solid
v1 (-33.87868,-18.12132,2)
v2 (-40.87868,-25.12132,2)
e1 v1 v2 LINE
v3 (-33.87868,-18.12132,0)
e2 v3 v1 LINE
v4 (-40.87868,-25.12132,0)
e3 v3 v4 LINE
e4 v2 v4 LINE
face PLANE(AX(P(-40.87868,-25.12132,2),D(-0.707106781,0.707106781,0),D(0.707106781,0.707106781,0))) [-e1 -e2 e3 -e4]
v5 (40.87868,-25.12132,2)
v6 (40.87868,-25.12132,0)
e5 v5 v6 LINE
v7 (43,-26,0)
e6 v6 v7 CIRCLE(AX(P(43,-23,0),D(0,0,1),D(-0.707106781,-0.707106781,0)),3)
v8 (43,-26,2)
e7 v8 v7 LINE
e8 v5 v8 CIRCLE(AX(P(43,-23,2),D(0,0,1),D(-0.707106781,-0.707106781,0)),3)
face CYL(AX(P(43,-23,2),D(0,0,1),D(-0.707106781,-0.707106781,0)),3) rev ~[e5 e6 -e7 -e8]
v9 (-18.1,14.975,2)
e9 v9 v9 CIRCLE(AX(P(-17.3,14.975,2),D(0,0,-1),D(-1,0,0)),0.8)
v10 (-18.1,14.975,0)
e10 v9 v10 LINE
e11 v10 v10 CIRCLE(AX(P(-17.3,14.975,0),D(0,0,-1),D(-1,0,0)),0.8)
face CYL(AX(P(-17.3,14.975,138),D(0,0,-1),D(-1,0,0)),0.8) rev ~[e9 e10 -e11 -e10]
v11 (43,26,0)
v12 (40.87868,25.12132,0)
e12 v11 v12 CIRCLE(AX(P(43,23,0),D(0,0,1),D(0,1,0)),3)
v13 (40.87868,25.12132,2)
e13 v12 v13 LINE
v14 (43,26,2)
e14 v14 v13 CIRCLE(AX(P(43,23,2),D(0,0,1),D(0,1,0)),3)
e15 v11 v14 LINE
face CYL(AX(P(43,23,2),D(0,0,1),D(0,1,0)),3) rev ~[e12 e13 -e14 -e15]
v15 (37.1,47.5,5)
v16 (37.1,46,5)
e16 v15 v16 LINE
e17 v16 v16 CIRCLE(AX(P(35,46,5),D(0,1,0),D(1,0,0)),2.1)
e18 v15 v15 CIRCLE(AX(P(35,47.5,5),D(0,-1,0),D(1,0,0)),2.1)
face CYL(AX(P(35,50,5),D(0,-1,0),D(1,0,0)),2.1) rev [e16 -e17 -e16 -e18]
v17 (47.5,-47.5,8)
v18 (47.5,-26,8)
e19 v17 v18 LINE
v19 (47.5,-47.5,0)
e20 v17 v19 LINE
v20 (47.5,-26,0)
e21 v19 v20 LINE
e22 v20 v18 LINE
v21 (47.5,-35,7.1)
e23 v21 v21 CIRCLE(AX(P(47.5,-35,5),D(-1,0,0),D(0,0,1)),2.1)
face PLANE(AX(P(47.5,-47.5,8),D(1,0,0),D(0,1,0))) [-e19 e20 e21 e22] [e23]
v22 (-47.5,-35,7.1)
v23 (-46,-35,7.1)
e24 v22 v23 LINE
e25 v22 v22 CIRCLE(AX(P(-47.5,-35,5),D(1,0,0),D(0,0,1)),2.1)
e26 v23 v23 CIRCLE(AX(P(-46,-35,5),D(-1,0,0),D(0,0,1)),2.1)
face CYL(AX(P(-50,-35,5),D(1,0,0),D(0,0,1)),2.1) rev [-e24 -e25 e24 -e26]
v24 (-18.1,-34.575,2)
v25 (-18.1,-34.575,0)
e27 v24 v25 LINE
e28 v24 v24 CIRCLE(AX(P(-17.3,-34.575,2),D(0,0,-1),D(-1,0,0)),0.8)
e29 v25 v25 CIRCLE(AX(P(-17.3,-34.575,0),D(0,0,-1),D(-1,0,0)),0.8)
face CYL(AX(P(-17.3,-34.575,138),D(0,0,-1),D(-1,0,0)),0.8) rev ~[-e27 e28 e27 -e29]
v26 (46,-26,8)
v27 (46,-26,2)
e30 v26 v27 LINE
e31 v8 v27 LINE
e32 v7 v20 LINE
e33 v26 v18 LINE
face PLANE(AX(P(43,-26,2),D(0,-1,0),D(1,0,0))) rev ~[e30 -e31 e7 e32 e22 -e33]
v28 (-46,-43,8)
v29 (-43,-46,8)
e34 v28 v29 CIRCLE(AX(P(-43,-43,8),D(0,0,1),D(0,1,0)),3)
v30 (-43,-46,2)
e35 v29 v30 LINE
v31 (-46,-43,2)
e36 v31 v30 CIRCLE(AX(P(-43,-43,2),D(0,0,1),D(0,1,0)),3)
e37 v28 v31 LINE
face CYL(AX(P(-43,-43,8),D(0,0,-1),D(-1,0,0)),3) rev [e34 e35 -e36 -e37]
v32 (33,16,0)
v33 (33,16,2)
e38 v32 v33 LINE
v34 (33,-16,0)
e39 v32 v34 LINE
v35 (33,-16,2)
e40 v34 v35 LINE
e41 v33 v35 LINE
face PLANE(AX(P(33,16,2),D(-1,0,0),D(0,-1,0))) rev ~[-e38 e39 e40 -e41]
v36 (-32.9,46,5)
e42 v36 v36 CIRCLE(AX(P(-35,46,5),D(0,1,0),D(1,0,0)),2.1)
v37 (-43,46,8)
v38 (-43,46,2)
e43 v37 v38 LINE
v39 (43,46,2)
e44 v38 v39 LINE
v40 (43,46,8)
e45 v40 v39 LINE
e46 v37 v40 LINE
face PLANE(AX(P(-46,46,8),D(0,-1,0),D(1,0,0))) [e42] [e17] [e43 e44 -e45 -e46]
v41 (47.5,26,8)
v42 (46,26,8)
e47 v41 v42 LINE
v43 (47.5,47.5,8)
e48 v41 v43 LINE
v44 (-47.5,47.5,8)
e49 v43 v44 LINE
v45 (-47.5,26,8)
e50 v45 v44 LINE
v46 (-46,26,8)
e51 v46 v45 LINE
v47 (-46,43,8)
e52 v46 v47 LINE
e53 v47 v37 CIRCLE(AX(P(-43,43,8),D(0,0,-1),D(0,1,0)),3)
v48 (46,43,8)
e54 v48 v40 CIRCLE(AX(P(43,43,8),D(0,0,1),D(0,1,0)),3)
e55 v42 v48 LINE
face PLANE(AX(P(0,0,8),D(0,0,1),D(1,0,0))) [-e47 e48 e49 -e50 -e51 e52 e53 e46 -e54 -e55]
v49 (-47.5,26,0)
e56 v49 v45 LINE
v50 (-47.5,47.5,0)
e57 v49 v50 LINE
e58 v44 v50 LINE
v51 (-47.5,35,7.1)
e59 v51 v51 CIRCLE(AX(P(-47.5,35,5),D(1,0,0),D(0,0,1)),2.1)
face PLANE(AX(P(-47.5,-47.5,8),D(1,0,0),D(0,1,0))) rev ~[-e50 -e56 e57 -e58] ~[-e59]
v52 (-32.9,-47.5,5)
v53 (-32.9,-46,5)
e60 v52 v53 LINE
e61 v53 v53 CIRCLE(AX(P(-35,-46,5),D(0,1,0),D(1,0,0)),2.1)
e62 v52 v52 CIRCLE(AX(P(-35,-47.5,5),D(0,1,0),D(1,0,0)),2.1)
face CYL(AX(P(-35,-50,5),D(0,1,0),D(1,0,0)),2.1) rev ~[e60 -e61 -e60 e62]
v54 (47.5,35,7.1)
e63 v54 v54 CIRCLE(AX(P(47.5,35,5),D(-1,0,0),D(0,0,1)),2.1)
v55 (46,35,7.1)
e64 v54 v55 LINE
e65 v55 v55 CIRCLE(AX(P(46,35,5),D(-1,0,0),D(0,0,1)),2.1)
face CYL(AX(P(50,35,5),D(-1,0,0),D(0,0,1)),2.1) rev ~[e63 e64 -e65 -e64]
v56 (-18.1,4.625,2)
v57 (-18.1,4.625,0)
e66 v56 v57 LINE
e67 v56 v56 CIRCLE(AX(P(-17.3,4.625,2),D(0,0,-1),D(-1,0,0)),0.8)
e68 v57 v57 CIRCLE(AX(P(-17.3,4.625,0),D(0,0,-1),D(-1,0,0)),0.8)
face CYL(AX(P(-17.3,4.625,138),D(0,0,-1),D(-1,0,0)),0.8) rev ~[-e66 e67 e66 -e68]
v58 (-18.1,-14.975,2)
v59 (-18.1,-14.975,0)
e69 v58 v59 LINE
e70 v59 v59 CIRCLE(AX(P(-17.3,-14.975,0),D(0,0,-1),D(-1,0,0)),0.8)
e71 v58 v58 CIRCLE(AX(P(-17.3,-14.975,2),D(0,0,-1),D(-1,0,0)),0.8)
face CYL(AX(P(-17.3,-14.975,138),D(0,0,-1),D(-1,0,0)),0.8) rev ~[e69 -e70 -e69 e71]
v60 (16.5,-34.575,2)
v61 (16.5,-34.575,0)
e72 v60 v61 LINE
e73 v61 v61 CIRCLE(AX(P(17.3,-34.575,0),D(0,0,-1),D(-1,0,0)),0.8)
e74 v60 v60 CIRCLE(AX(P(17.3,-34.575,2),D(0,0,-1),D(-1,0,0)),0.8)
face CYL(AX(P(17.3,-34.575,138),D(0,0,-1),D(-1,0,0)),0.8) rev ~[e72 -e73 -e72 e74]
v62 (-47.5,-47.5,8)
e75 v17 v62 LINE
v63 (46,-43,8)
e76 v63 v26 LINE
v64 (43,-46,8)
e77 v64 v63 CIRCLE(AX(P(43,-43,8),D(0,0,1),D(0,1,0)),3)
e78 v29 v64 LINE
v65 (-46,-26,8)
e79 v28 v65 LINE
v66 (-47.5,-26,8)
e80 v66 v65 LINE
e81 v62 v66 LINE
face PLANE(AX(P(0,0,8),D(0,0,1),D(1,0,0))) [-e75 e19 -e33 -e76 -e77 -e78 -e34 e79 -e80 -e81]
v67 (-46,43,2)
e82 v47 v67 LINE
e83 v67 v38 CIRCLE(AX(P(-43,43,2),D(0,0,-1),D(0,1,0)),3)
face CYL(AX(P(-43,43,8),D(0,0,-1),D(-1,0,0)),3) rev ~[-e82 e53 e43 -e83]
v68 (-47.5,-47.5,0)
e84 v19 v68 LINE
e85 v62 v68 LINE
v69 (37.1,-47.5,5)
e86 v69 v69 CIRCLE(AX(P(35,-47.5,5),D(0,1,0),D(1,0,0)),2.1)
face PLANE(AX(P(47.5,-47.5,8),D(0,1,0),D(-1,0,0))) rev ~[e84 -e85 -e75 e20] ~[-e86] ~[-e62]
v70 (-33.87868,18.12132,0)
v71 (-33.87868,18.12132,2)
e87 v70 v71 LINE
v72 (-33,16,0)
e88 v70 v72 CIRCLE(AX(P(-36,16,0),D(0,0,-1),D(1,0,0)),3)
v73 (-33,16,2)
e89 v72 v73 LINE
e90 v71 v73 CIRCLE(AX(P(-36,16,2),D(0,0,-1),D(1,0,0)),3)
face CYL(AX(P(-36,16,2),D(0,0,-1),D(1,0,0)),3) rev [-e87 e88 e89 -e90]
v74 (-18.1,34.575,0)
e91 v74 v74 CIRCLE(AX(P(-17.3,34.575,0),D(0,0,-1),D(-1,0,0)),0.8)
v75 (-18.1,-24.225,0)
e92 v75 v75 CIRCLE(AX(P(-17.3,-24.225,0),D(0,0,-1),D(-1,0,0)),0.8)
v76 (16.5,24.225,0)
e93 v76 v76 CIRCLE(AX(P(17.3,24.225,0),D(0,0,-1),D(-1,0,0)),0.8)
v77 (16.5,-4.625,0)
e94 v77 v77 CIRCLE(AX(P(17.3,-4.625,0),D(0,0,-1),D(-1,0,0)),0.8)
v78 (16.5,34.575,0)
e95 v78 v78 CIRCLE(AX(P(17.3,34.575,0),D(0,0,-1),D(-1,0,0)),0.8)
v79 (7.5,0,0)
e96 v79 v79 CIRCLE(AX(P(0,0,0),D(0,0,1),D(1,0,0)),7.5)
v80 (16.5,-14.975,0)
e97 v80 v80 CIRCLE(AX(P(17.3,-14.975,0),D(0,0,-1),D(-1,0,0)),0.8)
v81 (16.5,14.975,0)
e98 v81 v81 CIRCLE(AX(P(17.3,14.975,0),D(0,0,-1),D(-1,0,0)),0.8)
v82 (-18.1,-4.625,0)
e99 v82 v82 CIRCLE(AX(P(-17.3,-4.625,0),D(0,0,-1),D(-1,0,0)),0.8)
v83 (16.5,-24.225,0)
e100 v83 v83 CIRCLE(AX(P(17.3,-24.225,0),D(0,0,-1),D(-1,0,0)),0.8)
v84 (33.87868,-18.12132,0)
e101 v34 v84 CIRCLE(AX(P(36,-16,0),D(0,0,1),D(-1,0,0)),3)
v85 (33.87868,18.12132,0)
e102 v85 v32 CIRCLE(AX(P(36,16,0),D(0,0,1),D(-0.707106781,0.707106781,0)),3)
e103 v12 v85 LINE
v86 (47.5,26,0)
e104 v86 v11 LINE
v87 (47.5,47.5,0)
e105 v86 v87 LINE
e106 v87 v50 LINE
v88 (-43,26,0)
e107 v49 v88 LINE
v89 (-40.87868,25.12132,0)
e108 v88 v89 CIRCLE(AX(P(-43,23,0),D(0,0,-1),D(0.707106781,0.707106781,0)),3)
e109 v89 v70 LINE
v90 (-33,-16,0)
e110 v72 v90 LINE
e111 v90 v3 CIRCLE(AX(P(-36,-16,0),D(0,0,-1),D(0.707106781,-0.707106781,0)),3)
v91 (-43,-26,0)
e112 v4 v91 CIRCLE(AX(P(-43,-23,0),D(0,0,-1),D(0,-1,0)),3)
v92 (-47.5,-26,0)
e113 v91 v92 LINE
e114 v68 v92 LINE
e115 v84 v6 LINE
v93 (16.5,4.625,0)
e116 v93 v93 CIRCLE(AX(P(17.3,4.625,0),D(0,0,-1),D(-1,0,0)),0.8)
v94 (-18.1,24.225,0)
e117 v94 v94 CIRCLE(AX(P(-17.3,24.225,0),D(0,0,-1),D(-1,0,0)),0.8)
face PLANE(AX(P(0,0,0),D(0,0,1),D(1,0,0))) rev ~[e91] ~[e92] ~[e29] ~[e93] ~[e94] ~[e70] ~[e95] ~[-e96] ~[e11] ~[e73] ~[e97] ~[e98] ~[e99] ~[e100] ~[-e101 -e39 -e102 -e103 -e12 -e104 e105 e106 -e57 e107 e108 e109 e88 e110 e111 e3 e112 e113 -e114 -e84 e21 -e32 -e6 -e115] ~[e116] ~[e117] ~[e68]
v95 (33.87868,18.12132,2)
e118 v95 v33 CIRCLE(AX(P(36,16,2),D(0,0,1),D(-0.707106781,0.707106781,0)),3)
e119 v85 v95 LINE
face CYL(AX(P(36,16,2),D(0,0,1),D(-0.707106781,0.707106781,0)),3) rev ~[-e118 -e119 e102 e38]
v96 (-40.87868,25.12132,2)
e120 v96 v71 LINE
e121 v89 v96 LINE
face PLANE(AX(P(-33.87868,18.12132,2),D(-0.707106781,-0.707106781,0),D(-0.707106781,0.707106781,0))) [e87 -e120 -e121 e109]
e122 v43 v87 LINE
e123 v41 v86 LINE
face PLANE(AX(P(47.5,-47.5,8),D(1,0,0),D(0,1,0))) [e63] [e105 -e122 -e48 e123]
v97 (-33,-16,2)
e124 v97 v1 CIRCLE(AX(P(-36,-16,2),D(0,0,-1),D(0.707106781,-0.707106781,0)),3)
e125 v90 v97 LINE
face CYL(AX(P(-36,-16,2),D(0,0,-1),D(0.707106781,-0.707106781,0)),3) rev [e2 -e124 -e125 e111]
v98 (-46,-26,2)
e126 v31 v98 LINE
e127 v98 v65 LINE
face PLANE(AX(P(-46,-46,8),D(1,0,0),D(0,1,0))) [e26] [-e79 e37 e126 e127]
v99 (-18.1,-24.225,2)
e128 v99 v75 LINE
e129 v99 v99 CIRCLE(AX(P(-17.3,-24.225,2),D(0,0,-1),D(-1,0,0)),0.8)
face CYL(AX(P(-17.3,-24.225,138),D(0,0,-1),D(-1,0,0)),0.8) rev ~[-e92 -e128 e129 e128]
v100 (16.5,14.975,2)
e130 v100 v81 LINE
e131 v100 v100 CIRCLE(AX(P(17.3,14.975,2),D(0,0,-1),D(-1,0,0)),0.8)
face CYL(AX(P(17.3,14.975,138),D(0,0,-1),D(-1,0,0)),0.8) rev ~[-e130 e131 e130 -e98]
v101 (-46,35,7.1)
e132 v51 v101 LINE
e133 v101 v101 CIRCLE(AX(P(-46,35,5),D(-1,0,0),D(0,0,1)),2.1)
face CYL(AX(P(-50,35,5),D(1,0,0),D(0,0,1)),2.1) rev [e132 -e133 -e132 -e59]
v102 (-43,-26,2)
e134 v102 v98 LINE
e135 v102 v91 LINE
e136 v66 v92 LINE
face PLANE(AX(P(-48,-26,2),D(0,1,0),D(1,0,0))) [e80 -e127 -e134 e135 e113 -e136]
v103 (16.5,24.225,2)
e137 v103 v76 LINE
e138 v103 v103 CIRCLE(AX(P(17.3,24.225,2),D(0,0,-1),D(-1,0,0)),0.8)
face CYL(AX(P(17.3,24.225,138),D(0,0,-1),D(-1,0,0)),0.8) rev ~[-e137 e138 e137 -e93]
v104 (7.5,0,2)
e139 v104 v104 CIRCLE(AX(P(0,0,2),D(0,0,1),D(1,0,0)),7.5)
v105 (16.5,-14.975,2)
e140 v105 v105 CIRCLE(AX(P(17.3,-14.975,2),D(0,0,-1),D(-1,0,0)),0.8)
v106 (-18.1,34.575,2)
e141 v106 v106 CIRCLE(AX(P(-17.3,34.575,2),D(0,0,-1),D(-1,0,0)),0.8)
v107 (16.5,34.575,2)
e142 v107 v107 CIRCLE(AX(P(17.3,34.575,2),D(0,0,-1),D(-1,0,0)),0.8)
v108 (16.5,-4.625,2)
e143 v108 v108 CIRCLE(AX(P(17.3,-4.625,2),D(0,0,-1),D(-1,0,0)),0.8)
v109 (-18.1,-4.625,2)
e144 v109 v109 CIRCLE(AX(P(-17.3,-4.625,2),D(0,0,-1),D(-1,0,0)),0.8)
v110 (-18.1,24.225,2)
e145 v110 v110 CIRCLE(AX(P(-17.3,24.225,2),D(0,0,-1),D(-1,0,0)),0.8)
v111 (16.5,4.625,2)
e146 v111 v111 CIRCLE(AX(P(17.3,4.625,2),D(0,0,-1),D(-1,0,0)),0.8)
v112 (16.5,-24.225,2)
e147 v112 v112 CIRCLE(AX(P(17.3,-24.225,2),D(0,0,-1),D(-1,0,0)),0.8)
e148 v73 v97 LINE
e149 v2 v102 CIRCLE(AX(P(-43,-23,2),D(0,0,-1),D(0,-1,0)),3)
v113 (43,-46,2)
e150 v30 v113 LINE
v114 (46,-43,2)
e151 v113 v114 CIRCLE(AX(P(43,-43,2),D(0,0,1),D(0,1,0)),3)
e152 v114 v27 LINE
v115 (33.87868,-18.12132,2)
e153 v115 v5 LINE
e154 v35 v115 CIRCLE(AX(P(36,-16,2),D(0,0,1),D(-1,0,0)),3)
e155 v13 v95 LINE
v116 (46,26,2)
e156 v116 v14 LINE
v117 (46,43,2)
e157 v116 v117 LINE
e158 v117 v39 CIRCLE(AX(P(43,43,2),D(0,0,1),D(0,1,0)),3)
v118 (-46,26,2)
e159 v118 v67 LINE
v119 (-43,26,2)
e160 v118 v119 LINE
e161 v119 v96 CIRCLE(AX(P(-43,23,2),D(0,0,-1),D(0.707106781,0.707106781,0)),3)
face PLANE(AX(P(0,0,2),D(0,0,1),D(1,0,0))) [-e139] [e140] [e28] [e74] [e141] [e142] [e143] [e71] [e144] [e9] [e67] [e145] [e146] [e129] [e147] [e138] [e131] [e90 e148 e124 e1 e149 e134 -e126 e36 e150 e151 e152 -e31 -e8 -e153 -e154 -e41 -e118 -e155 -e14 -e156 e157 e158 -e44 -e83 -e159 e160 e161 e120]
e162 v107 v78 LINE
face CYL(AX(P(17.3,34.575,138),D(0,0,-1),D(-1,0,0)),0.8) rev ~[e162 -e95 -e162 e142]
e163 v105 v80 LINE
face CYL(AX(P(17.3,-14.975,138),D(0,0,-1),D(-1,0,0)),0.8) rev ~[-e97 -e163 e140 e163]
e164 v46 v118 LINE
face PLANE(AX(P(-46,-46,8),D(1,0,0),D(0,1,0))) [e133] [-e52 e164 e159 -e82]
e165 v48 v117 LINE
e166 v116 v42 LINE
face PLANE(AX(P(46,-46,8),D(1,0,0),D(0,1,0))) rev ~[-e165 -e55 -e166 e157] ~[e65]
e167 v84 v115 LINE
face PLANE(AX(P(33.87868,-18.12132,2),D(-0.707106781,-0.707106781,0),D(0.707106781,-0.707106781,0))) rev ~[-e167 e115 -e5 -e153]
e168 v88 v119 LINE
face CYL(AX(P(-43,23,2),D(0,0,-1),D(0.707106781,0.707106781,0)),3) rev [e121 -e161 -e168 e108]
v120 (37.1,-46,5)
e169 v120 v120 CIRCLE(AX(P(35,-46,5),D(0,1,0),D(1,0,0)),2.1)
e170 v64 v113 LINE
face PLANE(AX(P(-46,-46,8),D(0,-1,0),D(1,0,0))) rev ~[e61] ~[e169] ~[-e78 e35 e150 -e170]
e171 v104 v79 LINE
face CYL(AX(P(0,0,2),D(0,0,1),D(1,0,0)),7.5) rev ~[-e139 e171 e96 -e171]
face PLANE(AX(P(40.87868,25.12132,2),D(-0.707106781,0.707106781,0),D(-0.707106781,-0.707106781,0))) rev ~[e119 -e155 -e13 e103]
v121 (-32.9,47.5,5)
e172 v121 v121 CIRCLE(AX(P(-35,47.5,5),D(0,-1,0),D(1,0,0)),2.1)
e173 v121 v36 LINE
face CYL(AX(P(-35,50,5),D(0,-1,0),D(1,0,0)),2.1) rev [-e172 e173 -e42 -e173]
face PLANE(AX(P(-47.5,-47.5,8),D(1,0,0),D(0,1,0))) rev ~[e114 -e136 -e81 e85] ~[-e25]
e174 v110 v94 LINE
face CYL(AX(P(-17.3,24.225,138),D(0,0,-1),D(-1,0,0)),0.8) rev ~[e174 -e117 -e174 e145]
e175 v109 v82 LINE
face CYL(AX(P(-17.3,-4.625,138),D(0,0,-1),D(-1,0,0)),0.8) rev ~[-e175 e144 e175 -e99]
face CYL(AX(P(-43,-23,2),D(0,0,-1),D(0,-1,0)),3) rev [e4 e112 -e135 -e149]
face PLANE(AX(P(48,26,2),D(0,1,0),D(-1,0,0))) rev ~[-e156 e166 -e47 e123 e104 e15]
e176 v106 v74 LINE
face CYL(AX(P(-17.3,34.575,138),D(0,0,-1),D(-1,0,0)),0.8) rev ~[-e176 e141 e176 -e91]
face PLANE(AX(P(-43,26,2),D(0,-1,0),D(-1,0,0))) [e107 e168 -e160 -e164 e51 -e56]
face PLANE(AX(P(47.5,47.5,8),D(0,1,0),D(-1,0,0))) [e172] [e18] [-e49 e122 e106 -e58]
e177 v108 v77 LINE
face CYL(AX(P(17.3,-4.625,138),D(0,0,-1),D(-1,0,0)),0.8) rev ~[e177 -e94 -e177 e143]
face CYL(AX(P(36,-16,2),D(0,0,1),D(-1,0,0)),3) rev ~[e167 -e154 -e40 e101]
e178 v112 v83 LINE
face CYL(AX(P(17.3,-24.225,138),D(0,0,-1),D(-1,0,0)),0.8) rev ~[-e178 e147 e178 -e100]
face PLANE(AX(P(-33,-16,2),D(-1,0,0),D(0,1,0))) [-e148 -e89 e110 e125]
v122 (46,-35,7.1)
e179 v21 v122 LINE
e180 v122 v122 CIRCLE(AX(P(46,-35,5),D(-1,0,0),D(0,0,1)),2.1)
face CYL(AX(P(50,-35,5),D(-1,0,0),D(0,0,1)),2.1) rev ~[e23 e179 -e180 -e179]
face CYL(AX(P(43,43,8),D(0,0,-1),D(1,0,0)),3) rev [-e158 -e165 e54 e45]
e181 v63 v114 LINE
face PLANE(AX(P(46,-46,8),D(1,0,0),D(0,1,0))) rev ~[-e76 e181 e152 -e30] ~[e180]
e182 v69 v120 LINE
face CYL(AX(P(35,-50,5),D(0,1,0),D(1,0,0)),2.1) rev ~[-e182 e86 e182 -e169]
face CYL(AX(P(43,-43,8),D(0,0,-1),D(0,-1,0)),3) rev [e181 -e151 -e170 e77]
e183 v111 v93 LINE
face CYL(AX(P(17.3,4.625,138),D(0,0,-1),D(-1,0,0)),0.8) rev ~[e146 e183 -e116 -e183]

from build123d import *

# Parameters (mm, degrees)
SKETCH1_W                       = 96
SKETCH1_H                       = 96
BOSS_EXTRUDE1_DEPTH             = 8
SKETCH2_W                       = 92
SKETCH2_H                       = 92
COMPONENT_PLATFORM_DEPTH        = 6
CABLE_SLOTS_DEPTH               = 6
SKETCH4_R                       = 7.5
CENTER_MASS_CUT_DEPTH           = 6
INNER_CORNER_FILLETS_R          = 3
TAP_DRILL_FOR_M5X0_8_TAP2_D     = 4.2
TAP_DRILL_FOR_M5X0_8_TAP2_DEPTH = 2
TAP_DRILL_FOR_M2X0_4_TAP2_D     = 1.6
TAP_DRILL_FOR_M5X0_8_TAP1_D     = 4.2
TAP_DRILL_FOR_M5X0_8_TAP1_DEPTH = 2
CUT_EXTRUDE1_START              = -8
SKETCH28_OUTSIDE_W              = 125.2
SKETCH28_OUTSIDE_H              = 125.2
SKETCH28_OUTSIDE_W_2            = 95
SKETCH28_OUTSIDE_H_2            = 95
CUT_EXTRUDE1_DEPTH              = 8


with BuildPart() as part:
    # Sketch1 → Boss-Extrude1 (new body)
    with BuildSketch(Plane.XY):
        Rectangle(SKETCH1_W, SKETCH1_H)
    extrude(amount=BOSS_EXTRUDE1_DEPTH)

    # Sketch2 → Component Platform (cut)
    with BuildSketch(Plane.XY.offset(8)):
        Rectangle(SKETCH2_W, SKETCH2_H)
    extrude(amount=-COMPONENT_PLATFORM_DEPTH, mode=Mode.SUBTRACT)

    # Sketch3 → Cable Slots (cut, symmetric)
    with BuildSketch(Plane.XY.offset(2)):
        with BuildLine():
            Line((-40.878679656, -25.121320344), (-33.878679656, -18.121320344))
            ThreePointArc((-33.878679656, -18.121320344), (-33.228361402, -17.148050297), (-33, -16))
            Line((-33, -16), (-33, 16))
            ThreePointArc((-33, 16), (-33.228361402, 17.148050297), (-33.878679656, 18.121320344))
            Line((-33.878679656, 18.121320344), (-40.878679656, 25.121320344))
            ThreePointArc((-40.878679656, 25.121320344), (-41.851949703, 25.771638598), (-43, 26))
            Line((-43, 26), (-48, 26))
            Line((-48, 26), (-48, -26))
            Line((-48, -26), (-43, -26))
            ThreePointArc((-43, -26), (-41.851949703, -25.771638598), (-40.878679656, -25.121320344))
        make_face()
        with BuildLine():
            Line((48, -26), (48, 26))
            Line((48, 26), (43, 26))
            ThreePointArc((43, 26), (41.851949703, 25.771638598), (40.878679656, 25.121320344))
            Line((40.878679656, 25.121320344), (33.878679656, 18.121320344))
            ThreePointArc((33.878679656, 18.121320344), (33.228361402, 17.148050297), (33, 16))
            Line((33, 16), (33, -16))
            ThreePointArc((33, -16), (33.228361402, -17.148050297), (33.878679656, -18.121320344))
            Line((33.878679656, -18.121320344), (40.878679656, -25.121320344))
            ThreePointArc((40.878679656, -25.121320344), (41.851949703, -25.771638598), (43, -26))
            Line((43, -26), (48, -26))
        make_face()
    extrude(amount=CABLE_SLOTS_DEPTH, both=True, mode=Mode.SUBTRACT)

    # Sketch4 → Center Mass Cut (cut)
    with BuildSketch(Plane.XY.offset(2)):
        Circle(SKETCH4_R)
    extrude(amount=-CENTER_MASS_CUT_DEPTH, mode=Mode.SUBTRACT)

    # Inner Corner Fillets
    inner_corner_fillets_edges = [part.edges().sort_by_distance(p)[0] for p in [
        (-46, -46, 5),
        (-46, 46, 5),
        (46, 46, 5),
        (46, -46, 5),
    ]]
    fillet(inner_corner_fillets_edges, radius=INNER_CORNER_FILLETS_R)

    # Tap Drill for M5x0.8 Tap2
    with Locations(Plane(origin=(0, -48, 0), x_dir=(-1, 0, 0), z_dir=(0, -1, 0))):
        with Locations((35, -5), (-35, -5)):
            tap_drill_for_m5x0_8_tap2 = Hole(TAP_DRILL_FOR_M5X0_8_TAP2_D / 2, depth=TAP_DRILL_FOR_M5X0_8_TAP2_DEPTH)

    # Mirror2: Tap Drill for M5x0.8 Tap2 across plane
    add(tap_drill_for_m5x0_8_tap2.mirror(Plane(origin=(0, 0, 0), x_dir=(0, 0, 1), z_dir=(0, -1, 0))), mode=Mode.SUBTRACT)

    # Tap Drill for M2x0.4 Tap2 (through all)
    with Locations(Plane.XY.offset(2)):
        with Locations((-17.3, 34.575), (-17.3, 24.225), (-17.3, 14.975), (-17.3, 4.625), (17.3, 4.625), (17.3, 14.975), (17.3, 24.225), (17.3, 34.575), (17.3, -4.625), (17.3, -14.975), (17.3, -24.225), (17.3, -34.575), (-17.3, -4.625), (-17.3, -14.975), (-17.3, -24.225), (-17.3, -34.575)):
            Hole(TAP_DRILL_FOR_M2X0_4_TAP2_D / 2)

    # Tap Drill for M5x0.8 Tap1
    with Locations(Plane(origin=(48, 0, 0), x_dir=(0, 0, -1), z_dir=(1, 0, 0))):
        with Locations((-5, -35), (-5, 35)):
            tap_drill_for_m5x0_8_tap1 = Hole(TAP_DRILL_FOR_M5X0_8_TAP1_D / 2, depth=TAP_DRILL_FOR_M5X0_8_TAP1_DEPTH)

    # Mirror3: Tap Drill for M5x0.8 Tap1 across plane
    add(tap_drill_for_m5x0_8_tap1.mirror(Plane(origin=(0, 0, 0), x_dir=(0, 0, 1), z_dir=(1, 0, 0))), mode=Mode.SUBTRACT)

    # Sketch28 outside → Cut-Extrude1 (cut)
    with BuildSketch(Plane(origin=(0, 0, 0), x_dir=(-1, 0, 0), z_dir=(0, 0, -1)).offset(CUT_EXTRUDE1_START)):
        Rectangle(SKETCH28_OUTSIDE_W, SKETCH28_OUTSIDE_H)
        Rectangle(SKETCH28_OUTSIDE_W_2, SKETCH28_OUTSIDE_H_2, mode=Mode.SUBTRACT)
    extrude(amount=CUT_EXTRUDE1_DEPTH, mode=Mode.SUBTRACT)


solid = part.part
